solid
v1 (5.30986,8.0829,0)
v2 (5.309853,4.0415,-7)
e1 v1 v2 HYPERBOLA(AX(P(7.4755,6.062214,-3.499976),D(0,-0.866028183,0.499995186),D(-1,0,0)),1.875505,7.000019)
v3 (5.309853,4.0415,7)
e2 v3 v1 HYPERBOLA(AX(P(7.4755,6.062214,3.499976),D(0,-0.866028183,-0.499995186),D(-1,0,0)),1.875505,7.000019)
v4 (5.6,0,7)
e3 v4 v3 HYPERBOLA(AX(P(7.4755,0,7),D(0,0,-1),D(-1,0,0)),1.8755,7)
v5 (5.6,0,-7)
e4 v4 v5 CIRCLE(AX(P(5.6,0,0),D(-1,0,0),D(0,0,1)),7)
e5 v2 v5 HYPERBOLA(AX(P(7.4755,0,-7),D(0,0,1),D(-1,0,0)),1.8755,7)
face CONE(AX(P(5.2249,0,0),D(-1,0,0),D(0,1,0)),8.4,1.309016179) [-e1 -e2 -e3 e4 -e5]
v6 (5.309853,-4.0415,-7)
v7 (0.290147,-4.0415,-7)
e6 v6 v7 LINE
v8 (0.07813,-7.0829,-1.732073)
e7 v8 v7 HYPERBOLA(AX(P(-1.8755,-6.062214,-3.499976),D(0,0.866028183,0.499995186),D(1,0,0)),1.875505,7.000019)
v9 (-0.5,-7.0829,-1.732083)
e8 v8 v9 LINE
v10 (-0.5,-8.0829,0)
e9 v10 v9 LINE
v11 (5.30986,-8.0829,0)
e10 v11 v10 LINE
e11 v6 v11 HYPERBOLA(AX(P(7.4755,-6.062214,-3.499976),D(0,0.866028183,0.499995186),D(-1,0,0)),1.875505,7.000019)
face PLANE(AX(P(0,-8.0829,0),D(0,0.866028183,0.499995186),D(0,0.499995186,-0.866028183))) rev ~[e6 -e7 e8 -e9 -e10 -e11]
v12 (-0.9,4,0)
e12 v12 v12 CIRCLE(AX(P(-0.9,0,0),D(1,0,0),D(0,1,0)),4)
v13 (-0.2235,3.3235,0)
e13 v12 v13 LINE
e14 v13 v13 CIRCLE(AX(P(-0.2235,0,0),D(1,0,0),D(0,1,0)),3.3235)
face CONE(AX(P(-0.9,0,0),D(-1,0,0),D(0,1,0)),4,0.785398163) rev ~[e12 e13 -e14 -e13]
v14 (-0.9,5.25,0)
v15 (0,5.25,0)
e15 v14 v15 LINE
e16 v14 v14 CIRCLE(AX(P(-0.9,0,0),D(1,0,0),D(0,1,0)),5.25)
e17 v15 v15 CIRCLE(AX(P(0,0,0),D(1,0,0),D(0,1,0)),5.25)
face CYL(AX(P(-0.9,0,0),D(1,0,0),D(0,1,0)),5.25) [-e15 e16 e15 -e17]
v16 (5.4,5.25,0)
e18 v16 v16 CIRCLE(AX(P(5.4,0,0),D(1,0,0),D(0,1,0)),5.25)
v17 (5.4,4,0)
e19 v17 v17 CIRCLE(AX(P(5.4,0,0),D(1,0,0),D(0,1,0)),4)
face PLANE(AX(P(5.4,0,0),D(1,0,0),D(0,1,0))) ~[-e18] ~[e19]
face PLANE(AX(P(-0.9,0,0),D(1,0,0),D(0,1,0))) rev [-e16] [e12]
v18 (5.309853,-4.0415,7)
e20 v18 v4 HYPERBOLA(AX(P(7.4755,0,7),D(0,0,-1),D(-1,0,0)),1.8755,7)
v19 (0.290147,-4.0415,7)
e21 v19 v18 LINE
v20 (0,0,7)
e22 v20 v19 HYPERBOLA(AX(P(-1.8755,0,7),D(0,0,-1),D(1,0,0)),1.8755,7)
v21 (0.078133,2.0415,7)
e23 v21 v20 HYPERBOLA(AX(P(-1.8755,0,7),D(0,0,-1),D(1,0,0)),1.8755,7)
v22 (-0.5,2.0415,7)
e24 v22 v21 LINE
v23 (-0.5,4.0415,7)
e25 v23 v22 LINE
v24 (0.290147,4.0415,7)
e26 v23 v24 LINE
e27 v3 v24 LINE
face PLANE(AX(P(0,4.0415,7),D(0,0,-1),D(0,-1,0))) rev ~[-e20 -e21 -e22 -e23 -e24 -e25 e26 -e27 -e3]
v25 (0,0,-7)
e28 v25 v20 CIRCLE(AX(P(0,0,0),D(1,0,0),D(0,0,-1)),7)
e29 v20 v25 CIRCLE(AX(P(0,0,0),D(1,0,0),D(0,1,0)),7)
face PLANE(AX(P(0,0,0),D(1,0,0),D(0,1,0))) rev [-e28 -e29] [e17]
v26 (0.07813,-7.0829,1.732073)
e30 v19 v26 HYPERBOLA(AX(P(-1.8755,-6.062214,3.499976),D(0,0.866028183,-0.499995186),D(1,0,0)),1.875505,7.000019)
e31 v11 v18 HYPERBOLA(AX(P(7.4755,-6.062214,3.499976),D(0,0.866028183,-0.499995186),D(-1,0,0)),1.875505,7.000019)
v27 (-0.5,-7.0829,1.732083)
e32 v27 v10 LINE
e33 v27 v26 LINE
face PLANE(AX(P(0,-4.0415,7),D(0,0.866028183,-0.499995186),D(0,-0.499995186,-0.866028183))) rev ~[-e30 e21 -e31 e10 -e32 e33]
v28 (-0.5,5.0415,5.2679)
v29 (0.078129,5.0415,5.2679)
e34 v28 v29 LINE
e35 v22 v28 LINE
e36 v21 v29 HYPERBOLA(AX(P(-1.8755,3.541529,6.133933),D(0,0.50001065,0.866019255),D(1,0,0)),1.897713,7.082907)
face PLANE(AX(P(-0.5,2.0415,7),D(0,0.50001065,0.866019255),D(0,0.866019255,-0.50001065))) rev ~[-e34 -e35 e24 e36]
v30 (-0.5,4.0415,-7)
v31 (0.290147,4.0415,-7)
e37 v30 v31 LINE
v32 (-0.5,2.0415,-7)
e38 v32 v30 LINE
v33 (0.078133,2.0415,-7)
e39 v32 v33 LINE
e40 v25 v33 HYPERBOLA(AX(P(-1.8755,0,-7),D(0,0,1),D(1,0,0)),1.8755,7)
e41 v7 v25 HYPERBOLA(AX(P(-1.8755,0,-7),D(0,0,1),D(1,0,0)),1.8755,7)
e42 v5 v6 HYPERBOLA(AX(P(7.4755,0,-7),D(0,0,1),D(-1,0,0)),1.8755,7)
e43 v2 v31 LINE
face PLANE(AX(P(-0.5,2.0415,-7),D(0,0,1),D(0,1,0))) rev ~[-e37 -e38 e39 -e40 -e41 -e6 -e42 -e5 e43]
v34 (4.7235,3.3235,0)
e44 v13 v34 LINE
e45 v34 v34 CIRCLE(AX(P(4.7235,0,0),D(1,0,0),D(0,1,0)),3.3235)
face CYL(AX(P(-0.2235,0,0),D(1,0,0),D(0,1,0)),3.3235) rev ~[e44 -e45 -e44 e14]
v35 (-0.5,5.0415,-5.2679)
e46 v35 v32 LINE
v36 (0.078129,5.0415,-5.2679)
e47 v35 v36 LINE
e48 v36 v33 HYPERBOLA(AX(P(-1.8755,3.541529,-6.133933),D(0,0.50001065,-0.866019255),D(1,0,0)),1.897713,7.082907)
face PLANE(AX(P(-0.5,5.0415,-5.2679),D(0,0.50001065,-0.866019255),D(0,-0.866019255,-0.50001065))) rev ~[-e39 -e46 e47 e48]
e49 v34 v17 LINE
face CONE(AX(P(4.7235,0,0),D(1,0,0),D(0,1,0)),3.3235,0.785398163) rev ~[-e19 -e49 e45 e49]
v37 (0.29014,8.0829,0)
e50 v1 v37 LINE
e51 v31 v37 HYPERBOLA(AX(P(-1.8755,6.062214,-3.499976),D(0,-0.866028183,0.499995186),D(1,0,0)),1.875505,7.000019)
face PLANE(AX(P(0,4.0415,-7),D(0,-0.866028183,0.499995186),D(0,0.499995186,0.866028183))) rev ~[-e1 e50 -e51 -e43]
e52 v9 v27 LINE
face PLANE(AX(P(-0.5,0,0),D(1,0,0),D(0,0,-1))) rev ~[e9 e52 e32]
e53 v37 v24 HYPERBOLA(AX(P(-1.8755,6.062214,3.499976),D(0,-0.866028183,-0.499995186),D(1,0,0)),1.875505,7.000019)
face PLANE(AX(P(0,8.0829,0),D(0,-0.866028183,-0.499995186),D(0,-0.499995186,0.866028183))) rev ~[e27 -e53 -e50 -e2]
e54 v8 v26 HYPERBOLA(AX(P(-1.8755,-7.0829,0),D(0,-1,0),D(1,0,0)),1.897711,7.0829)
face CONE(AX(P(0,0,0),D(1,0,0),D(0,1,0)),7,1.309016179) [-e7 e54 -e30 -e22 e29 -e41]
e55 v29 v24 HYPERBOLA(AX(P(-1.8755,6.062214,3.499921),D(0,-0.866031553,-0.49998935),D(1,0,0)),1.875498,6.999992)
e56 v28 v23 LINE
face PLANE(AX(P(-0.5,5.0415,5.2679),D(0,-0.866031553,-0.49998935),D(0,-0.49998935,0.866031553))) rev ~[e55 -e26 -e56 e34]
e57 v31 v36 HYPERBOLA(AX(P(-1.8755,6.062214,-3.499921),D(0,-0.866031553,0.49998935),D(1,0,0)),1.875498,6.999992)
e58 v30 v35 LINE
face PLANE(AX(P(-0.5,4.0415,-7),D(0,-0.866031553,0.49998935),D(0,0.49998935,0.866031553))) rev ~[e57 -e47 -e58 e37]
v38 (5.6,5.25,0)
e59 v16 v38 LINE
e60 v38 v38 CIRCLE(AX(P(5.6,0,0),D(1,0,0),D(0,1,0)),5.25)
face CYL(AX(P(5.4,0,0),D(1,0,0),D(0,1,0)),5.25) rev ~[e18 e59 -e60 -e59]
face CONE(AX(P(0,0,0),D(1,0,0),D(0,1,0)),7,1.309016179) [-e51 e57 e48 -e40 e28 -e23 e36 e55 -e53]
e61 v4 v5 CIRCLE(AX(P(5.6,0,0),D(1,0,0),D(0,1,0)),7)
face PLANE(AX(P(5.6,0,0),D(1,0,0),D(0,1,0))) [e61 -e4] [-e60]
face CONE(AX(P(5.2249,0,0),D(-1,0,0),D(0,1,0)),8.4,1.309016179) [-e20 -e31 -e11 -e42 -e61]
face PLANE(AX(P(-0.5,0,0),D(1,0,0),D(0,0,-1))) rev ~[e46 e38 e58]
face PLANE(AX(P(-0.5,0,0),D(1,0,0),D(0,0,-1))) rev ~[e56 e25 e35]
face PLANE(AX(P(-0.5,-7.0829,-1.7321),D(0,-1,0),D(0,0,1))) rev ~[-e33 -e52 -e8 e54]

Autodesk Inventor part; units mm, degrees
sketch "Skizze_1" plane through (0, 0, 0) normal (0, 0, 1) x (1, 0, 0)
  line L0 (5.6, 0) -> (-0.9, 0)
  line L1 (-0.9, 0) -> (-0.9, 8.4)
  line L2 (-0.9, 8.4) -> (5.6, 8.4)
  line L3 (5.6, 8.4) -> (5.6, 0)
  line L4 (5.6, 0) -> (-0.9, 0)
revolve "Revolution1" add sketch "Skizze_1" angle 360 about axis through (5.6, 0, 0) along (1, 0, 0)
sketch "Sketch_6" plane through (0, 0, 0) normal (0, 0, 1) x (1, 0, 0)
  line L0 (5.6, 0) -> (-0.9, 0)
  line L1 (-0.9, 8.4) -> (-0.9, 5.25)
  line L2 (-0.9, 5.25) -> (-0.4, 5.25)
  line L3 (-0.4, 5.25) -> (-0.4, 8.4)
  line L4 (-0.4, 8.4) -> (-0.9, 8.4)
revolve "Revolution2" cut sketch "Sketch_6" angle 360 about axis through (5.6, 0, 0) along (1, 0, 0)
sketch "Skizze_4" plane through (0, 0, 0) normal (0, 0, 1) x (1, 0, 0)
  line L0 (5.4, 0) -> (-0.9, 0)
  line L1 (-0.9, 0) -> (-0.9, 4)
  line L2 (-0.9, 4) -> (-0.2235, 3.3235)
  line L3 (-0.2235, 3.3235) -> (4.7235, 3.3235)
  line L4 (4.7235, 3.3235) -> (5.4, 4)
  line L5 (5.4, 4) -> (5.6, 4)
  line L6 (5.6, 4) -> (5.6, 0)
  line L7 (5.6, 0) -> (-0.9, 0)
revolve "Revolution3" cut sketch "Skizze_4" angle 360 about axis through (5.4, 0, 0) along (1, 0, 0)
thread "Thread1" size "M8x1.25" class "6H" standard "ISO Metric profile" full length
sketch "Sketch_1" plane through (0, 0, 0) normal (0, 0, 1) x (1, 0, 0)
  line L0 (0, 0) -> (-0.9, 0)
  line L1 (-0.9, 8.4) -> (-0.9, 5.25)
  line L2 (-0.9, 5.25) -> (0, 5.25)
  line L3 (0, 5.25) -> (0, 8.4)
  line L4 (0, 8.4) -> (-0.9, 8.4)
revolve "Revolution4" cut sketch "Sketch_1" angle 360 about axis through (0, 0, 0) along (1, 0, 0)
sketch "Sketch_2" plane through (0, 0, 0) normal (0, 0, 1) x (1, 0, 0)
  line L0 (5.6, 0) -> (-0.9, 0)
  line L1 (-0.9, 14.69) -> (-0.9, 7)
  line L2 (-0.9, 7) -> (0, 7)
  line L3 (0, 7) -> (0.3751, 8.4)
  line L4 (0.3751, 8.4) -> (5.2249, 8.4)
  line L5 (5.2249, 8.4) -> (5.6, 7)
  line L6 (5.6, 7) -> (6.5, 7)
  line L7 (6.5, 7) -> (6.5, 14.69)
  line L8 (6.5, 14.69) -> (-0.9, 14.69)
revolve "Revolution5" cut sketch "Sketch_2" angle 360 about axis through (5.6, 0, 0) along (1, 0, 0)
sketch "Sketch_3" plane through (0, 0, 0) normal (0, 0, 1) x (1, 0, 0)
  line L0 (5.6, 0) -> (5.4, 0)
  line L1 (5.4, 0) -> (5.4, 5.25)
  line L2 (5.4, 5.25) -> (5.6, 5.25)
  line L3 (5.6, 5.25) -> (5.6, 0)
  line L4 (5.6, 0) -> (5.4, 0)
revolve "Revolution6" cut sketch "Sketch_3" angle 360 about axis through (5.6, 0, 0) along (1, 0, 0)
sketch "Skizze_3" plane through (-0.5, 0, 0) normal (1, 0, 0) x (0, 0, -1)
  line L0 (-1.7321, -7.0829) -> (0, -8.0829)
  line L1 (0, -8.0829) -> (1.7321, -7.0829)
  line L2 (1.7321, -7.0829) -> (-1.7321, -7.0829)
sketch "Skizze_9" plane through (-0.5, 0, 0) normal (1, 0, 0) x (0, 0, -1)
  line L0 (-7, 2.0415) -> (-5.2679, 5.0415)
  line L1 (-5.2679, 5.0415) -> (-7, 4.0415)
  line L2 (-7, 4.0415) -> (-7, 2.0415)
sketch "Skizze_10" plane through (-0.5, 0, 0) normal (1, 0, 0) x (0, 0, -1)
  line L0 (5.2679, 5.0415) -> (7, 2.0415)
  line L1 (7, 2.0415) -> (7, 4.0415)
  line L2 (7, 4.0415) -> (5.2679, 5.0415)
extrude "Extrusion1" add sketch "Skizze_3" along normal blind 2.1667
extrude "Extrusion2" add sketch "Skizze_9" along normal blind 2.1667
extrude "Extrusion3" add sketch "Skizze_10" along normal blind 2.1667
sketch "Skizze_7" plane through (0, 0, 0) normal (1, 0, 0) x (0, 1, 0)
  line L0 (15.38, 15.38) -> (-15.38, 15.38)
  line L1 (-15.38, 15.38) -> (-15.38, -15.38)
  line L2 (-15.38, -15.38) -> (15.38, -15.38)
  line L3 (15.38, -15.38) -> (15.38, 15.38)
  line L4 (-4.0415, 7) -> (-8.0829, 0)
  line L5 (-8.0829, 0) -> (-4.0415, -7)
  line L6 (-4.0415, -7) -> (4.0415, -7)
  line L7 (4.0415, -7) -> (8.0829, 0)
  line L8 (8.0829, 0) -> (4.0415, 7)
  line L9 (4.0415, 7) -> (-4.0415, 7)
extrude "Extrusion4" cut sketch "Skizze_7" along normal mid plane 13
ref_plane "IP1_XY" through (0, 0, 0) normal (1, 0, 0) x (0, 0, -1)
ref_plane "IP1_YZ" through (0, 0, 0) normal (0, 0, -1) x (0, 1, 0)
ref_plane "IP1_ZX" through (0, 0, 0) normal (0, 1, 0) x (1, 0, 0)
ref_plane "IP2_XY" through (5.6, 0, 0) normal (1, 0, 0) x (0, 0, -1)
ref_plane "IP2_YZ" through (5.6, 0, 0) normal (0, 0, -1) x (0, 1, 0)
ref_plane "IP2_ZX" through (5.6, 0, 0) normal (0, 1, 0) x (1, 0, 0)
properties part number "WLD-NUT DIN929 M8"
